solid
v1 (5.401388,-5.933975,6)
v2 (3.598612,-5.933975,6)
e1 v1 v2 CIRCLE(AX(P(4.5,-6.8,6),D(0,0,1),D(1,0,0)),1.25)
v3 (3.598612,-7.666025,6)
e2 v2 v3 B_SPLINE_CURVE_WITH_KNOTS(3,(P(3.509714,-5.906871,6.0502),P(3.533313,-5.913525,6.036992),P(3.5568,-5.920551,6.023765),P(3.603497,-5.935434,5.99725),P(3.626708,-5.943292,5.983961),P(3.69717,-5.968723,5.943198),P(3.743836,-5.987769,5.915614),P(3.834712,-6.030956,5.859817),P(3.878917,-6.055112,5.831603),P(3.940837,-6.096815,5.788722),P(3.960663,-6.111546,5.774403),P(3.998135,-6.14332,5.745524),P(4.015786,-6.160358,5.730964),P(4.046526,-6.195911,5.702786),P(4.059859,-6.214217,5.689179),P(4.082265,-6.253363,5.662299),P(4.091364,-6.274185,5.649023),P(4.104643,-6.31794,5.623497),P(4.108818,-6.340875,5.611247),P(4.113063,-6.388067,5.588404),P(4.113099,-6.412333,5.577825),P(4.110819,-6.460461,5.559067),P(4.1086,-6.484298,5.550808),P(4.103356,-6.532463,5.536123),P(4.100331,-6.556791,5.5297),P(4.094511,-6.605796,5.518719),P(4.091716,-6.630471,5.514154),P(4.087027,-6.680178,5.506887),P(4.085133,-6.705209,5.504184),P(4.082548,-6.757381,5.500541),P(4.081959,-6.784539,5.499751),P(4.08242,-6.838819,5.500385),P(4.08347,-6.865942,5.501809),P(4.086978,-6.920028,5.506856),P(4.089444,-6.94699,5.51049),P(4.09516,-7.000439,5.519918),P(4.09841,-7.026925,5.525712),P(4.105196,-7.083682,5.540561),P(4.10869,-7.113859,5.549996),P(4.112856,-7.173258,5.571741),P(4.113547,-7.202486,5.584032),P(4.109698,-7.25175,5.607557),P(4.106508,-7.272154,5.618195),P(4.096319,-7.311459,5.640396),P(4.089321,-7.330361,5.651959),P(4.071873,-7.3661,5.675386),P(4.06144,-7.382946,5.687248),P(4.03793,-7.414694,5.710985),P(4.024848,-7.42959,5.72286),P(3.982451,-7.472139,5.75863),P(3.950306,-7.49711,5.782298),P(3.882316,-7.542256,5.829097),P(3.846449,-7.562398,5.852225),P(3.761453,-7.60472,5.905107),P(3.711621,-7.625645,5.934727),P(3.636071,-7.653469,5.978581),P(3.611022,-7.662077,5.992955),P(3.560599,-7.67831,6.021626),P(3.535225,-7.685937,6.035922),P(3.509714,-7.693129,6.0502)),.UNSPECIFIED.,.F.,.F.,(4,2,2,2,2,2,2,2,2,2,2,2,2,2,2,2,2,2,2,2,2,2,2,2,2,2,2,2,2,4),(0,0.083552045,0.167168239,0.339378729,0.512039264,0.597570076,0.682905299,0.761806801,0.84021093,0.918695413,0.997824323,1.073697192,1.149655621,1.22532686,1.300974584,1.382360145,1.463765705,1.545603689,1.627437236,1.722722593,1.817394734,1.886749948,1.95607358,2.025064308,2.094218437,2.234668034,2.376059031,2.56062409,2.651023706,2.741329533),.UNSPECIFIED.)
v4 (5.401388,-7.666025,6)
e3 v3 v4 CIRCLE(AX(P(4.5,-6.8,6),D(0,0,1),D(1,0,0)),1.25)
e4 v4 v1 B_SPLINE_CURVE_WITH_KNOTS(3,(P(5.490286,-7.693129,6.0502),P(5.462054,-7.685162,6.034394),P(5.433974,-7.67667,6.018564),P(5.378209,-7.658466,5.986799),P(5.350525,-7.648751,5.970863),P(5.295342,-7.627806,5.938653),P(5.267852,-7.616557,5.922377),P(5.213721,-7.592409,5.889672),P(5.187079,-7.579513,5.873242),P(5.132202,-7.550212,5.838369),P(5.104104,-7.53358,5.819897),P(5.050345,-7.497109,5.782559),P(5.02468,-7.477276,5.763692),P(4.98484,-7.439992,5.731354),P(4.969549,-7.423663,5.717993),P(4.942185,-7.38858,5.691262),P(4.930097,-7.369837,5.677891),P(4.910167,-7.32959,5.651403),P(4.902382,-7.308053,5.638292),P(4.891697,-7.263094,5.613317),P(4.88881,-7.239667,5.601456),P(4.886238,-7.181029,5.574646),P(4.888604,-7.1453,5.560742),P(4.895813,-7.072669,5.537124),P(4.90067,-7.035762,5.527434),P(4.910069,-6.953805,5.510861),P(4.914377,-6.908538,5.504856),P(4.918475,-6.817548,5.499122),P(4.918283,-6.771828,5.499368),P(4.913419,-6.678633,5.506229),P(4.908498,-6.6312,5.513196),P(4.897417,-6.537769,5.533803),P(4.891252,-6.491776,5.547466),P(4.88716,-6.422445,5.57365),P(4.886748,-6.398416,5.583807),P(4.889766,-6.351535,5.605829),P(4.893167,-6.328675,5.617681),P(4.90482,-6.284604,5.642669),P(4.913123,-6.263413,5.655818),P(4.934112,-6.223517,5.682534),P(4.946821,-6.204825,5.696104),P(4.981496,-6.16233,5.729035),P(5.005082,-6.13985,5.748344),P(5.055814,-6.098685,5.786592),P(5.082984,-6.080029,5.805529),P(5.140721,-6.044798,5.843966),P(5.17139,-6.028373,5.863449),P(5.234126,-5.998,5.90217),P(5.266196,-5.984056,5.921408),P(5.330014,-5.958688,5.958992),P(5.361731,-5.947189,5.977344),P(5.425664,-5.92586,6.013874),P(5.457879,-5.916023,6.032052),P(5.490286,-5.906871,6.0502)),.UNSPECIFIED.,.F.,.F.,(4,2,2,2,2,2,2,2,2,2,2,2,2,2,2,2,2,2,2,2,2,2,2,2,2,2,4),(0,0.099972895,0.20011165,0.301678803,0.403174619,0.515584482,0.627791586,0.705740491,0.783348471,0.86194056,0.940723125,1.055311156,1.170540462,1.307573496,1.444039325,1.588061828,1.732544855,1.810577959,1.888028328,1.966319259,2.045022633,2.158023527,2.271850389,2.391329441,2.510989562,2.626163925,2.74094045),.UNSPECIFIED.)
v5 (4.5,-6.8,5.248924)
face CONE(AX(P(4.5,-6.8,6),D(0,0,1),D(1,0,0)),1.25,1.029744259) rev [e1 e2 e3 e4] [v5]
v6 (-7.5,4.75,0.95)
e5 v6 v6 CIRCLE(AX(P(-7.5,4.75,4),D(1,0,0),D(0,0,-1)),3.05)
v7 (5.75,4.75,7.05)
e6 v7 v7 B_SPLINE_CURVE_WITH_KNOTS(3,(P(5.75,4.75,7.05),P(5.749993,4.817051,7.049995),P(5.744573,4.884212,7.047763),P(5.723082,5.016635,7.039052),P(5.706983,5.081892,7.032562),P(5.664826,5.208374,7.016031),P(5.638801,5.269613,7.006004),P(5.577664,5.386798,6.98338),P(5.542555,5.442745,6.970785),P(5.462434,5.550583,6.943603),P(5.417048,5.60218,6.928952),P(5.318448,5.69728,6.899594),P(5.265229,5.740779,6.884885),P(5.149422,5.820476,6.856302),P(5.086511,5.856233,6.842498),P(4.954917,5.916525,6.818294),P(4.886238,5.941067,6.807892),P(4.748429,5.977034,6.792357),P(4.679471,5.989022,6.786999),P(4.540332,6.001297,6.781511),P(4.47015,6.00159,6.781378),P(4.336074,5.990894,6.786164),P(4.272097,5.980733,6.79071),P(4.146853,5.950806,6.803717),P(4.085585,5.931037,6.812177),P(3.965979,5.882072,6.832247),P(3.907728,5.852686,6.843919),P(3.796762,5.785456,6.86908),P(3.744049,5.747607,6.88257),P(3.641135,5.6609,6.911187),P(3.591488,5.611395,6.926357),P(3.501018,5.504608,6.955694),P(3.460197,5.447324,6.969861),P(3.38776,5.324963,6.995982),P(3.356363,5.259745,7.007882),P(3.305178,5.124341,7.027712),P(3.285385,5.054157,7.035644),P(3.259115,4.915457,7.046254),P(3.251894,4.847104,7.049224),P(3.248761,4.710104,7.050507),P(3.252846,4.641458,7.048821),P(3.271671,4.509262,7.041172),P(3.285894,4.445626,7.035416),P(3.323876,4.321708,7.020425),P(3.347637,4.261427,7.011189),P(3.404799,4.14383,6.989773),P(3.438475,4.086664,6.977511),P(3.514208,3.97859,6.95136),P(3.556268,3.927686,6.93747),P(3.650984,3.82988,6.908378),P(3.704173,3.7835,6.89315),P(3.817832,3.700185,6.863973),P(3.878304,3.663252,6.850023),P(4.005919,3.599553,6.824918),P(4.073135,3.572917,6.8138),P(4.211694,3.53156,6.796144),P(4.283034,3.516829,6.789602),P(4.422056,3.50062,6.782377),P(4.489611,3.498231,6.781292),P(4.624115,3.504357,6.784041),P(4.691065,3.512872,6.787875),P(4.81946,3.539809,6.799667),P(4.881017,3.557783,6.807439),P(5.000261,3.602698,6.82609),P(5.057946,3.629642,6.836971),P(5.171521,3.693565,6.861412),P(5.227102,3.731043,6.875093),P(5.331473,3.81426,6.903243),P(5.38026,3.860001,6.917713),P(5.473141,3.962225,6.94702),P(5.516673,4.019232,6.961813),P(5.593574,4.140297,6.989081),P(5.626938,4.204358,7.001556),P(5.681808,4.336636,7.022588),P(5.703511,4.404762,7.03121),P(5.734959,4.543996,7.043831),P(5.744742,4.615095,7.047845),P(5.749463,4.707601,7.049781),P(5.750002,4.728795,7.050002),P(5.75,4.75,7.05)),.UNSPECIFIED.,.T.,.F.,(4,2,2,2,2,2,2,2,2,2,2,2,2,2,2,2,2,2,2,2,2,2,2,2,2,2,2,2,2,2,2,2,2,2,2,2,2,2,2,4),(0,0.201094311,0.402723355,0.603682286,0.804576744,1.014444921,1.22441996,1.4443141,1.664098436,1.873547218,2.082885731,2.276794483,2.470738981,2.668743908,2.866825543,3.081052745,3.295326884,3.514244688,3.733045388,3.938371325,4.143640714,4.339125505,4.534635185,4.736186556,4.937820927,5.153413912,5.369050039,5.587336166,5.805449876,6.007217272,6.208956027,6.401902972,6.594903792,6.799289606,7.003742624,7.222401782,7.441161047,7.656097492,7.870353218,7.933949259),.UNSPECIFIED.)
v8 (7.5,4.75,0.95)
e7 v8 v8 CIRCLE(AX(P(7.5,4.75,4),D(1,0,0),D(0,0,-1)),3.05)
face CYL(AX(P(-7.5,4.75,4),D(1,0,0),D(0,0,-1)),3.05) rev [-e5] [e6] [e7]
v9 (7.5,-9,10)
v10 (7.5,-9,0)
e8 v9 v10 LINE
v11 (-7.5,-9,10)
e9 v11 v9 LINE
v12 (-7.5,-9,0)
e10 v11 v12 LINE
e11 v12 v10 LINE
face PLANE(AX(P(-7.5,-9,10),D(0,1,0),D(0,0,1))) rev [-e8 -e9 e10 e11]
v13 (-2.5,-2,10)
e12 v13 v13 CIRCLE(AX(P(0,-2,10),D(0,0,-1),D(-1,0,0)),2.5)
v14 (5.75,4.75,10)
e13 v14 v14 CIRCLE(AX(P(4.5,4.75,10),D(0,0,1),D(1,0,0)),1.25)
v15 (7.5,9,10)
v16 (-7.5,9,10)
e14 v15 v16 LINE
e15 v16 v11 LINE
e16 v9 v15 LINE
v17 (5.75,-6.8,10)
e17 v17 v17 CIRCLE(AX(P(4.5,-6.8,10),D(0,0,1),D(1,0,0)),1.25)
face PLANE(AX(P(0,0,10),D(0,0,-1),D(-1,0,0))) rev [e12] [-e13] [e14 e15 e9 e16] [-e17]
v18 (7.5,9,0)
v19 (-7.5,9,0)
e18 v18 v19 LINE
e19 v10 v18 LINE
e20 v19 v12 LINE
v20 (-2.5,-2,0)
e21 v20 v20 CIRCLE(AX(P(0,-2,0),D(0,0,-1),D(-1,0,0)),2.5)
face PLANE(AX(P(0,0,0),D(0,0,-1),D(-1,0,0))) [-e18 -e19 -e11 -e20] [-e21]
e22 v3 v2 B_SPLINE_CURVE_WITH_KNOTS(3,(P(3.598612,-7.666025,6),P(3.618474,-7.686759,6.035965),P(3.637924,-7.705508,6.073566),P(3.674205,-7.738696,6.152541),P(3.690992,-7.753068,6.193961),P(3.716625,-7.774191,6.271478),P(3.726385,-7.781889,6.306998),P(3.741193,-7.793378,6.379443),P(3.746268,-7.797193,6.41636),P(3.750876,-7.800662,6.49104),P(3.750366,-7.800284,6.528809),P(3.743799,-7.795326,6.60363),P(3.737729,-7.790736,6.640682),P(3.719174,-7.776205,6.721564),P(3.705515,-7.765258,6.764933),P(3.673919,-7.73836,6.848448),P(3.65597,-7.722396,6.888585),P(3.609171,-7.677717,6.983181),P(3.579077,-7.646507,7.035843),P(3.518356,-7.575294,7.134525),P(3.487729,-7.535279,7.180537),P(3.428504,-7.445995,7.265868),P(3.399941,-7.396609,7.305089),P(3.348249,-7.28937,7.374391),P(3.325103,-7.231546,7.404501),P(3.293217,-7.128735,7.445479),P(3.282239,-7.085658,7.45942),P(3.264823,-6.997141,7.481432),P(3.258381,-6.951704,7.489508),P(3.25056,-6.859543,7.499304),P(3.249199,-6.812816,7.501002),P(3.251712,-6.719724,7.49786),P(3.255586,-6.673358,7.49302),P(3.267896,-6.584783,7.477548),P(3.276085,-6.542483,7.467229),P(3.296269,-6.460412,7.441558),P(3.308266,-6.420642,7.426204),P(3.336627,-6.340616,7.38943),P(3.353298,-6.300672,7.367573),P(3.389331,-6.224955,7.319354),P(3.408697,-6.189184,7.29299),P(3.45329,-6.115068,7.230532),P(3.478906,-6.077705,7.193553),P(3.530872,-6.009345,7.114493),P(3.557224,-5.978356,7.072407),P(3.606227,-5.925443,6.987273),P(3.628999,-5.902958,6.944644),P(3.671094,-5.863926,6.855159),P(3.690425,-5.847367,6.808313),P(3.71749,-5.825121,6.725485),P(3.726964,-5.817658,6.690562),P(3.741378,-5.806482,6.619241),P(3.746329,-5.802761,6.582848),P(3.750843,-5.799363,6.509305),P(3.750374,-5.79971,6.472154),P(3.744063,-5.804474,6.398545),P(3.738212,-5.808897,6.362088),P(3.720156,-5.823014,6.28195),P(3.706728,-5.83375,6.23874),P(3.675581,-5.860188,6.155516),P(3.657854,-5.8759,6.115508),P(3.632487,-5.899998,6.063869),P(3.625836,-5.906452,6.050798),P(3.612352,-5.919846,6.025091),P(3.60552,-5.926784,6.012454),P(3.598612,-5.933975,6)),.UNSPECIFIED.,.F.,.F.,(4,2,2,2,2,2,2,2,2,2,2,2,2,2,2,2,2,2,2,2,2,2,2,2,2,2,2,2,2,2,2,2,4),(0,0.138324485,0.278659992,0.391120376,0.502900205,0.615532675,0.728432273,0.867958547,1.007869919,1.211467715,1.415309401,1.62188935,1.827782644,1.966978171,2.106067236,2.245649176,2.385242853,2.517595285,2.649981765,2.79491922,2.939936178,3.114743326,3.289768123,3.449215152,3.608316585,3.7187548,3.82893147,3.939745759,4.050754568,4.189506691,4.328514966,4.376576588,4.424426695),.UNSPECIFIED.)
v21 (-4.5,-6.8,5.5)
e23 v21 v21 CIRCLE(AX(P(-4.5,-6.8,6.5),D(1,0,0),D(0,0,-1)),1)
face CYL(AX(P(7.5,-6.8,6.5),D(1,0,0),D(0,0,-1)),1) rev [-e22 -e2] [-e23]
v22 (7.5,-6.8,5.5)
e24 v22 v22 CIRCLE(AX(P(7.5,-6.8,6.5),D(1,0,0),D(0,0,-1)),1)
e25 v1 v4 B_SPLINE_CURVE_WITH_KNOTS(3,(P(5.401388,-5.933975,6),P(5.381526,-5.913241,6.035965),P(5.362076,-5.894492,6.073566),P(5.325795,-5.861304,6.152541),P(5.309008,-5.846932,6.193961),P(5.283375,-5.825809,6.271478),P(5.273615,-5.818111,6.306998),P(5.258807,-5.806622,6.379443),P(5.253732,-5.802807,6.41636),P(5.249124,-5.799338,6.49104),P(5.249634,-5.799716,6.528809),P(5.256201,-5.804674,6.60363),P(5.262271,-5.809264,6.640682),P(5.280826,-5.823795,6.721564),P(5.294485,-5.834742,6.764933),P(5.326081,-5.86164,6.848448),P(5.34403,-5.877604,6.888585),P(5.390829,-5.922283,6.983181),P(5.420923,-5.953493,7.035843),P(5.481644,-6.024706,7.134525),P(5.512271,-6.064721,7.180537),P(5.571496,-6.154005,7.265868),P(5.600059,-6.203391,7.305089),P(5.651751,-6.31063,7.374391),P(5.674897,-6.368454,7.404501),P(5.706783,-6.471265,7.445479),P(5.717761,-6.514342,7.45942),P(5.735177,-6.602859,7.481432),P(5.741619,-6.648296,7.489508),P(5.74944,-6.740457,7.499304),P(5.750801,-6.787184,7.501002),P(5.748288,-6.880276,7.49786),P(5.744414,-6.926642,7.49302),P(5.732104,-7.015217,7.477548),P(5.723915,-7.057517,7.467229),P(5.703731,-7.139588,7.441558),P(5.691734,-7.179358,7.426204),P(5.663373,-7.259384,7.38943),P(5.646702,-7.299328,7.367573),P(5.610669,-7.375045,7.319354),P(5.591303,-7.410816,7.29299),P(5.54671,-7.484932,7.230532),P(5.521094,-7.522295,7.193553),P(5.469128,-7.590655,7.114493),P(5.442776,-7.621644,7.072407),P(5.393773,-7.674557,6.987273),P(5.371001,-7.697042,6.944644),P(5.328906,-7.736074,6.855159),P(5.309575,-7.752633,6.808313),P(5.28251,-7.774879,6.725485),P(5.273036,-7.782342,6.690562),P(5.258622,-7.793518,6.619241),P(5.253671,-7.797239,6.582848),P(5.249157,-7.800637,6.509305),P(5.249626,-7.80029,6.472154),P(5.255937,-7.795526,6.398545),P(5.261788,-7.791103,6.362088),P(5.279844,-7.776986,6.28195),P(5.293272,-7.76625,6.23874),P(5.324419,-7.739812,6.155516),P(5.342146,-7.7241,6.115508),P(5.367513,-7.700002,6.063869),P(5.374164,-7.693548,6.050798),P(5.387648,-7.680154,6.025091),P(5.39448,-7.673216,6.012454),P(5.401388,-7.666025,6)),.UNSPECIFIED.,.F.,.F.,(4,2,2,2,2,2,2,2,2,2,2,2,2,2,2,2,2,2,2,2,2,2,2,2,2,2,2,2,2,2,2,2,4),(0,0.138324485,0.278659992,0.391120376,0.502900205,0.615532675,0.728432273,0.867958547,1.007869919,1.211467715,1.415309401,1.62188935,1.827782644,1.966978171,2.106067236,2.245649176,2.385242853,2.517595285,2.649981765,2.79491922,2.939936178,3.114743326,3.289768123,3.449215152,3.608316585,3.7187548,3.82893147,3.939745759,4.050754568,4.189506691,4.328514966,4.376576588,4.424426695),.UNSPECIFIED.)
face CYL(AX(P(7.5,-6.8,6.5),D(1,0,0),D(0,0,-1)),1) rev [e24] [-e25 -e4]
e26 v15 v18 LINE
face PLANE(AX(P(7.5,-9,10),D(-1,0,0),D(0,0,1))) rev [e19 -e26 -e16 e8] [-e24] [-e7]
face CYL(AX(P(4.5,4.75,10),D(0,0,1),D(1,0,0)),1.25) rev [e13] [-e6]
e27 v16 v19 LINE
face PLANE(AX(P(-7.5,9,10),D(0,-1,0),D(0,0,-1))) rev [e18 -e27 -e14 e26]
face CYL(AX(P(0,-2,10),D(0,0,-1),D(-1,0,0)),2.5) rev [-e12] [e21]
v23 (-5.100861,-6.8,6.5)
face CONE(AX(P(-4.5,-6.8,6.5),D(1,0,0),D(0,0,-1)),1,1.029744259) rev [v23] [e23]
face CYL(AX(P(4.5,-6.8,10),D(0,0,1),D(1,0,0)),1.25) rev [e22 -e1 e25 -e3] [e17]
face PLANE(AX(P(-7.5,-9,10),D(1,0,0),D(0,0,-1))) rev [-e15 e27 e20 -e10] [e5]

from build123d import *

# Parameters (mm, degrees)
SKETCH1_W                           = 15
SKETCH1_H                           = 18
BOSS_EXTRUDE1_DEPTH                 = 10
SKETCH2_R                           = 2.5
CUT_EXTRUDE1_DEPTH                  = 11
SKETCH3_R                           = 3.05
CUT_EXTRUDE2_DEPTH                  = 16
TALADRO_ROSCADO_M31_D               = 2.5
TALADRO_ROSCADO_M31_DEPTH           = 4
TALADRO_ROSCADO_M31_TIP             = 0.751075774
DI_METRO_DE_TALADRO_2_8_2_8_1_D     = 2
DI_METRO_DE_TALADRO_2_8_2_8_1_DEPTH = 12
DI_METRO_DE_TALADRO_2_8_2_8_1_TIP   = 0.600860619


with BuildPart() as part:
    # Sketch1 → Boss-Extrude1 (new body)
    with BuildSketch(Plane.XY):
        Rectangle(SKETCH1_W, SKETCH1_H)
    extrude(amount=BOSS_EXTRUDE1_DEPTH)

    # Sketch2 → Cut-Extrude1 (cut, through all)
    with BuildSketch(Plane(origin=(0, 0, 0), x_dir=(-1, 0, 0), z_dir=(0, 0, -1))):
        with Locations((0, -2)):
            Circle(SKETCH2_R)
    extrude(amount=-CUT_EXTRUDE1_DEPTH, mode=Mode.SUBTRACT)

    # Sketch3 → Cut-Extrude2 (cut, through all)
    with BuildSketch(Plane(origin=(7.5, 0, 0), x_dir=(0, 0, -1), z_dir=(1, 0, 0))):
        with Locations((-4, 4.75)):
            Circle(SKETCH3_R)
    extrude(amount=-CUT_EXTRUDE2_DEPTH, mode=Mode.SUBTRACT)

    # Taladro roscado M31
    with Locations(Plane(origin=(-2.648652683, -2.97524228, 10), x_dir=(1, 0, 0), z_dir=(0, 0, 1))):
        with Locations((7.148652683, 7.72524228), (7.148652683, -3.82475772)):
            Hole(TALADRO_ROSCADO_M31_D / 2, depth=TALADRO_ROSCADO_M31_DEPTH)
            with Locations((0, 0, -(TALADRO_ROSCADO_M31_DEPTH + TALADRO_ROSCADO_M31_TIP / 2))):  # 118° drill point
                Cone(0, TALADRO_ROSCADO_M31_D / 2, TALADRO_ROSCADO_M31_TIP, mode=Mode.SUBTRACT)

    # Diámetro de taladro Ø2.8 (2.8)1
    with Locations(Plane(origin=(7.5, -6.8, 6.5), x_dir=(0, 0, 1), z_dir=(1, 0, 0))):
        with Locations((0, 0)):
            Hole(DI_METRO_DE_TALADRO_2_8_2_8_1_D / 2, depth=DI_METRO_DE_TALADRO_2_8_2_8_1_DEPTH)
            with Locations((0, 0, -(DI_METRO_DE_TALADRO_2_8_2_8_1_DEPTH + DI_METRO_DE_TALADRO_2_8_2_8_1_TIP / 2))):  # 118° drill point
                Cone(0, DI_METRO_DE_TALADRO_2_8_2_8_1_D / 2, DI_METRO_DE_TALADRO_2_8_2_8_1_TIP, mode=Mode.SUBTRACT)


solid = part.part
